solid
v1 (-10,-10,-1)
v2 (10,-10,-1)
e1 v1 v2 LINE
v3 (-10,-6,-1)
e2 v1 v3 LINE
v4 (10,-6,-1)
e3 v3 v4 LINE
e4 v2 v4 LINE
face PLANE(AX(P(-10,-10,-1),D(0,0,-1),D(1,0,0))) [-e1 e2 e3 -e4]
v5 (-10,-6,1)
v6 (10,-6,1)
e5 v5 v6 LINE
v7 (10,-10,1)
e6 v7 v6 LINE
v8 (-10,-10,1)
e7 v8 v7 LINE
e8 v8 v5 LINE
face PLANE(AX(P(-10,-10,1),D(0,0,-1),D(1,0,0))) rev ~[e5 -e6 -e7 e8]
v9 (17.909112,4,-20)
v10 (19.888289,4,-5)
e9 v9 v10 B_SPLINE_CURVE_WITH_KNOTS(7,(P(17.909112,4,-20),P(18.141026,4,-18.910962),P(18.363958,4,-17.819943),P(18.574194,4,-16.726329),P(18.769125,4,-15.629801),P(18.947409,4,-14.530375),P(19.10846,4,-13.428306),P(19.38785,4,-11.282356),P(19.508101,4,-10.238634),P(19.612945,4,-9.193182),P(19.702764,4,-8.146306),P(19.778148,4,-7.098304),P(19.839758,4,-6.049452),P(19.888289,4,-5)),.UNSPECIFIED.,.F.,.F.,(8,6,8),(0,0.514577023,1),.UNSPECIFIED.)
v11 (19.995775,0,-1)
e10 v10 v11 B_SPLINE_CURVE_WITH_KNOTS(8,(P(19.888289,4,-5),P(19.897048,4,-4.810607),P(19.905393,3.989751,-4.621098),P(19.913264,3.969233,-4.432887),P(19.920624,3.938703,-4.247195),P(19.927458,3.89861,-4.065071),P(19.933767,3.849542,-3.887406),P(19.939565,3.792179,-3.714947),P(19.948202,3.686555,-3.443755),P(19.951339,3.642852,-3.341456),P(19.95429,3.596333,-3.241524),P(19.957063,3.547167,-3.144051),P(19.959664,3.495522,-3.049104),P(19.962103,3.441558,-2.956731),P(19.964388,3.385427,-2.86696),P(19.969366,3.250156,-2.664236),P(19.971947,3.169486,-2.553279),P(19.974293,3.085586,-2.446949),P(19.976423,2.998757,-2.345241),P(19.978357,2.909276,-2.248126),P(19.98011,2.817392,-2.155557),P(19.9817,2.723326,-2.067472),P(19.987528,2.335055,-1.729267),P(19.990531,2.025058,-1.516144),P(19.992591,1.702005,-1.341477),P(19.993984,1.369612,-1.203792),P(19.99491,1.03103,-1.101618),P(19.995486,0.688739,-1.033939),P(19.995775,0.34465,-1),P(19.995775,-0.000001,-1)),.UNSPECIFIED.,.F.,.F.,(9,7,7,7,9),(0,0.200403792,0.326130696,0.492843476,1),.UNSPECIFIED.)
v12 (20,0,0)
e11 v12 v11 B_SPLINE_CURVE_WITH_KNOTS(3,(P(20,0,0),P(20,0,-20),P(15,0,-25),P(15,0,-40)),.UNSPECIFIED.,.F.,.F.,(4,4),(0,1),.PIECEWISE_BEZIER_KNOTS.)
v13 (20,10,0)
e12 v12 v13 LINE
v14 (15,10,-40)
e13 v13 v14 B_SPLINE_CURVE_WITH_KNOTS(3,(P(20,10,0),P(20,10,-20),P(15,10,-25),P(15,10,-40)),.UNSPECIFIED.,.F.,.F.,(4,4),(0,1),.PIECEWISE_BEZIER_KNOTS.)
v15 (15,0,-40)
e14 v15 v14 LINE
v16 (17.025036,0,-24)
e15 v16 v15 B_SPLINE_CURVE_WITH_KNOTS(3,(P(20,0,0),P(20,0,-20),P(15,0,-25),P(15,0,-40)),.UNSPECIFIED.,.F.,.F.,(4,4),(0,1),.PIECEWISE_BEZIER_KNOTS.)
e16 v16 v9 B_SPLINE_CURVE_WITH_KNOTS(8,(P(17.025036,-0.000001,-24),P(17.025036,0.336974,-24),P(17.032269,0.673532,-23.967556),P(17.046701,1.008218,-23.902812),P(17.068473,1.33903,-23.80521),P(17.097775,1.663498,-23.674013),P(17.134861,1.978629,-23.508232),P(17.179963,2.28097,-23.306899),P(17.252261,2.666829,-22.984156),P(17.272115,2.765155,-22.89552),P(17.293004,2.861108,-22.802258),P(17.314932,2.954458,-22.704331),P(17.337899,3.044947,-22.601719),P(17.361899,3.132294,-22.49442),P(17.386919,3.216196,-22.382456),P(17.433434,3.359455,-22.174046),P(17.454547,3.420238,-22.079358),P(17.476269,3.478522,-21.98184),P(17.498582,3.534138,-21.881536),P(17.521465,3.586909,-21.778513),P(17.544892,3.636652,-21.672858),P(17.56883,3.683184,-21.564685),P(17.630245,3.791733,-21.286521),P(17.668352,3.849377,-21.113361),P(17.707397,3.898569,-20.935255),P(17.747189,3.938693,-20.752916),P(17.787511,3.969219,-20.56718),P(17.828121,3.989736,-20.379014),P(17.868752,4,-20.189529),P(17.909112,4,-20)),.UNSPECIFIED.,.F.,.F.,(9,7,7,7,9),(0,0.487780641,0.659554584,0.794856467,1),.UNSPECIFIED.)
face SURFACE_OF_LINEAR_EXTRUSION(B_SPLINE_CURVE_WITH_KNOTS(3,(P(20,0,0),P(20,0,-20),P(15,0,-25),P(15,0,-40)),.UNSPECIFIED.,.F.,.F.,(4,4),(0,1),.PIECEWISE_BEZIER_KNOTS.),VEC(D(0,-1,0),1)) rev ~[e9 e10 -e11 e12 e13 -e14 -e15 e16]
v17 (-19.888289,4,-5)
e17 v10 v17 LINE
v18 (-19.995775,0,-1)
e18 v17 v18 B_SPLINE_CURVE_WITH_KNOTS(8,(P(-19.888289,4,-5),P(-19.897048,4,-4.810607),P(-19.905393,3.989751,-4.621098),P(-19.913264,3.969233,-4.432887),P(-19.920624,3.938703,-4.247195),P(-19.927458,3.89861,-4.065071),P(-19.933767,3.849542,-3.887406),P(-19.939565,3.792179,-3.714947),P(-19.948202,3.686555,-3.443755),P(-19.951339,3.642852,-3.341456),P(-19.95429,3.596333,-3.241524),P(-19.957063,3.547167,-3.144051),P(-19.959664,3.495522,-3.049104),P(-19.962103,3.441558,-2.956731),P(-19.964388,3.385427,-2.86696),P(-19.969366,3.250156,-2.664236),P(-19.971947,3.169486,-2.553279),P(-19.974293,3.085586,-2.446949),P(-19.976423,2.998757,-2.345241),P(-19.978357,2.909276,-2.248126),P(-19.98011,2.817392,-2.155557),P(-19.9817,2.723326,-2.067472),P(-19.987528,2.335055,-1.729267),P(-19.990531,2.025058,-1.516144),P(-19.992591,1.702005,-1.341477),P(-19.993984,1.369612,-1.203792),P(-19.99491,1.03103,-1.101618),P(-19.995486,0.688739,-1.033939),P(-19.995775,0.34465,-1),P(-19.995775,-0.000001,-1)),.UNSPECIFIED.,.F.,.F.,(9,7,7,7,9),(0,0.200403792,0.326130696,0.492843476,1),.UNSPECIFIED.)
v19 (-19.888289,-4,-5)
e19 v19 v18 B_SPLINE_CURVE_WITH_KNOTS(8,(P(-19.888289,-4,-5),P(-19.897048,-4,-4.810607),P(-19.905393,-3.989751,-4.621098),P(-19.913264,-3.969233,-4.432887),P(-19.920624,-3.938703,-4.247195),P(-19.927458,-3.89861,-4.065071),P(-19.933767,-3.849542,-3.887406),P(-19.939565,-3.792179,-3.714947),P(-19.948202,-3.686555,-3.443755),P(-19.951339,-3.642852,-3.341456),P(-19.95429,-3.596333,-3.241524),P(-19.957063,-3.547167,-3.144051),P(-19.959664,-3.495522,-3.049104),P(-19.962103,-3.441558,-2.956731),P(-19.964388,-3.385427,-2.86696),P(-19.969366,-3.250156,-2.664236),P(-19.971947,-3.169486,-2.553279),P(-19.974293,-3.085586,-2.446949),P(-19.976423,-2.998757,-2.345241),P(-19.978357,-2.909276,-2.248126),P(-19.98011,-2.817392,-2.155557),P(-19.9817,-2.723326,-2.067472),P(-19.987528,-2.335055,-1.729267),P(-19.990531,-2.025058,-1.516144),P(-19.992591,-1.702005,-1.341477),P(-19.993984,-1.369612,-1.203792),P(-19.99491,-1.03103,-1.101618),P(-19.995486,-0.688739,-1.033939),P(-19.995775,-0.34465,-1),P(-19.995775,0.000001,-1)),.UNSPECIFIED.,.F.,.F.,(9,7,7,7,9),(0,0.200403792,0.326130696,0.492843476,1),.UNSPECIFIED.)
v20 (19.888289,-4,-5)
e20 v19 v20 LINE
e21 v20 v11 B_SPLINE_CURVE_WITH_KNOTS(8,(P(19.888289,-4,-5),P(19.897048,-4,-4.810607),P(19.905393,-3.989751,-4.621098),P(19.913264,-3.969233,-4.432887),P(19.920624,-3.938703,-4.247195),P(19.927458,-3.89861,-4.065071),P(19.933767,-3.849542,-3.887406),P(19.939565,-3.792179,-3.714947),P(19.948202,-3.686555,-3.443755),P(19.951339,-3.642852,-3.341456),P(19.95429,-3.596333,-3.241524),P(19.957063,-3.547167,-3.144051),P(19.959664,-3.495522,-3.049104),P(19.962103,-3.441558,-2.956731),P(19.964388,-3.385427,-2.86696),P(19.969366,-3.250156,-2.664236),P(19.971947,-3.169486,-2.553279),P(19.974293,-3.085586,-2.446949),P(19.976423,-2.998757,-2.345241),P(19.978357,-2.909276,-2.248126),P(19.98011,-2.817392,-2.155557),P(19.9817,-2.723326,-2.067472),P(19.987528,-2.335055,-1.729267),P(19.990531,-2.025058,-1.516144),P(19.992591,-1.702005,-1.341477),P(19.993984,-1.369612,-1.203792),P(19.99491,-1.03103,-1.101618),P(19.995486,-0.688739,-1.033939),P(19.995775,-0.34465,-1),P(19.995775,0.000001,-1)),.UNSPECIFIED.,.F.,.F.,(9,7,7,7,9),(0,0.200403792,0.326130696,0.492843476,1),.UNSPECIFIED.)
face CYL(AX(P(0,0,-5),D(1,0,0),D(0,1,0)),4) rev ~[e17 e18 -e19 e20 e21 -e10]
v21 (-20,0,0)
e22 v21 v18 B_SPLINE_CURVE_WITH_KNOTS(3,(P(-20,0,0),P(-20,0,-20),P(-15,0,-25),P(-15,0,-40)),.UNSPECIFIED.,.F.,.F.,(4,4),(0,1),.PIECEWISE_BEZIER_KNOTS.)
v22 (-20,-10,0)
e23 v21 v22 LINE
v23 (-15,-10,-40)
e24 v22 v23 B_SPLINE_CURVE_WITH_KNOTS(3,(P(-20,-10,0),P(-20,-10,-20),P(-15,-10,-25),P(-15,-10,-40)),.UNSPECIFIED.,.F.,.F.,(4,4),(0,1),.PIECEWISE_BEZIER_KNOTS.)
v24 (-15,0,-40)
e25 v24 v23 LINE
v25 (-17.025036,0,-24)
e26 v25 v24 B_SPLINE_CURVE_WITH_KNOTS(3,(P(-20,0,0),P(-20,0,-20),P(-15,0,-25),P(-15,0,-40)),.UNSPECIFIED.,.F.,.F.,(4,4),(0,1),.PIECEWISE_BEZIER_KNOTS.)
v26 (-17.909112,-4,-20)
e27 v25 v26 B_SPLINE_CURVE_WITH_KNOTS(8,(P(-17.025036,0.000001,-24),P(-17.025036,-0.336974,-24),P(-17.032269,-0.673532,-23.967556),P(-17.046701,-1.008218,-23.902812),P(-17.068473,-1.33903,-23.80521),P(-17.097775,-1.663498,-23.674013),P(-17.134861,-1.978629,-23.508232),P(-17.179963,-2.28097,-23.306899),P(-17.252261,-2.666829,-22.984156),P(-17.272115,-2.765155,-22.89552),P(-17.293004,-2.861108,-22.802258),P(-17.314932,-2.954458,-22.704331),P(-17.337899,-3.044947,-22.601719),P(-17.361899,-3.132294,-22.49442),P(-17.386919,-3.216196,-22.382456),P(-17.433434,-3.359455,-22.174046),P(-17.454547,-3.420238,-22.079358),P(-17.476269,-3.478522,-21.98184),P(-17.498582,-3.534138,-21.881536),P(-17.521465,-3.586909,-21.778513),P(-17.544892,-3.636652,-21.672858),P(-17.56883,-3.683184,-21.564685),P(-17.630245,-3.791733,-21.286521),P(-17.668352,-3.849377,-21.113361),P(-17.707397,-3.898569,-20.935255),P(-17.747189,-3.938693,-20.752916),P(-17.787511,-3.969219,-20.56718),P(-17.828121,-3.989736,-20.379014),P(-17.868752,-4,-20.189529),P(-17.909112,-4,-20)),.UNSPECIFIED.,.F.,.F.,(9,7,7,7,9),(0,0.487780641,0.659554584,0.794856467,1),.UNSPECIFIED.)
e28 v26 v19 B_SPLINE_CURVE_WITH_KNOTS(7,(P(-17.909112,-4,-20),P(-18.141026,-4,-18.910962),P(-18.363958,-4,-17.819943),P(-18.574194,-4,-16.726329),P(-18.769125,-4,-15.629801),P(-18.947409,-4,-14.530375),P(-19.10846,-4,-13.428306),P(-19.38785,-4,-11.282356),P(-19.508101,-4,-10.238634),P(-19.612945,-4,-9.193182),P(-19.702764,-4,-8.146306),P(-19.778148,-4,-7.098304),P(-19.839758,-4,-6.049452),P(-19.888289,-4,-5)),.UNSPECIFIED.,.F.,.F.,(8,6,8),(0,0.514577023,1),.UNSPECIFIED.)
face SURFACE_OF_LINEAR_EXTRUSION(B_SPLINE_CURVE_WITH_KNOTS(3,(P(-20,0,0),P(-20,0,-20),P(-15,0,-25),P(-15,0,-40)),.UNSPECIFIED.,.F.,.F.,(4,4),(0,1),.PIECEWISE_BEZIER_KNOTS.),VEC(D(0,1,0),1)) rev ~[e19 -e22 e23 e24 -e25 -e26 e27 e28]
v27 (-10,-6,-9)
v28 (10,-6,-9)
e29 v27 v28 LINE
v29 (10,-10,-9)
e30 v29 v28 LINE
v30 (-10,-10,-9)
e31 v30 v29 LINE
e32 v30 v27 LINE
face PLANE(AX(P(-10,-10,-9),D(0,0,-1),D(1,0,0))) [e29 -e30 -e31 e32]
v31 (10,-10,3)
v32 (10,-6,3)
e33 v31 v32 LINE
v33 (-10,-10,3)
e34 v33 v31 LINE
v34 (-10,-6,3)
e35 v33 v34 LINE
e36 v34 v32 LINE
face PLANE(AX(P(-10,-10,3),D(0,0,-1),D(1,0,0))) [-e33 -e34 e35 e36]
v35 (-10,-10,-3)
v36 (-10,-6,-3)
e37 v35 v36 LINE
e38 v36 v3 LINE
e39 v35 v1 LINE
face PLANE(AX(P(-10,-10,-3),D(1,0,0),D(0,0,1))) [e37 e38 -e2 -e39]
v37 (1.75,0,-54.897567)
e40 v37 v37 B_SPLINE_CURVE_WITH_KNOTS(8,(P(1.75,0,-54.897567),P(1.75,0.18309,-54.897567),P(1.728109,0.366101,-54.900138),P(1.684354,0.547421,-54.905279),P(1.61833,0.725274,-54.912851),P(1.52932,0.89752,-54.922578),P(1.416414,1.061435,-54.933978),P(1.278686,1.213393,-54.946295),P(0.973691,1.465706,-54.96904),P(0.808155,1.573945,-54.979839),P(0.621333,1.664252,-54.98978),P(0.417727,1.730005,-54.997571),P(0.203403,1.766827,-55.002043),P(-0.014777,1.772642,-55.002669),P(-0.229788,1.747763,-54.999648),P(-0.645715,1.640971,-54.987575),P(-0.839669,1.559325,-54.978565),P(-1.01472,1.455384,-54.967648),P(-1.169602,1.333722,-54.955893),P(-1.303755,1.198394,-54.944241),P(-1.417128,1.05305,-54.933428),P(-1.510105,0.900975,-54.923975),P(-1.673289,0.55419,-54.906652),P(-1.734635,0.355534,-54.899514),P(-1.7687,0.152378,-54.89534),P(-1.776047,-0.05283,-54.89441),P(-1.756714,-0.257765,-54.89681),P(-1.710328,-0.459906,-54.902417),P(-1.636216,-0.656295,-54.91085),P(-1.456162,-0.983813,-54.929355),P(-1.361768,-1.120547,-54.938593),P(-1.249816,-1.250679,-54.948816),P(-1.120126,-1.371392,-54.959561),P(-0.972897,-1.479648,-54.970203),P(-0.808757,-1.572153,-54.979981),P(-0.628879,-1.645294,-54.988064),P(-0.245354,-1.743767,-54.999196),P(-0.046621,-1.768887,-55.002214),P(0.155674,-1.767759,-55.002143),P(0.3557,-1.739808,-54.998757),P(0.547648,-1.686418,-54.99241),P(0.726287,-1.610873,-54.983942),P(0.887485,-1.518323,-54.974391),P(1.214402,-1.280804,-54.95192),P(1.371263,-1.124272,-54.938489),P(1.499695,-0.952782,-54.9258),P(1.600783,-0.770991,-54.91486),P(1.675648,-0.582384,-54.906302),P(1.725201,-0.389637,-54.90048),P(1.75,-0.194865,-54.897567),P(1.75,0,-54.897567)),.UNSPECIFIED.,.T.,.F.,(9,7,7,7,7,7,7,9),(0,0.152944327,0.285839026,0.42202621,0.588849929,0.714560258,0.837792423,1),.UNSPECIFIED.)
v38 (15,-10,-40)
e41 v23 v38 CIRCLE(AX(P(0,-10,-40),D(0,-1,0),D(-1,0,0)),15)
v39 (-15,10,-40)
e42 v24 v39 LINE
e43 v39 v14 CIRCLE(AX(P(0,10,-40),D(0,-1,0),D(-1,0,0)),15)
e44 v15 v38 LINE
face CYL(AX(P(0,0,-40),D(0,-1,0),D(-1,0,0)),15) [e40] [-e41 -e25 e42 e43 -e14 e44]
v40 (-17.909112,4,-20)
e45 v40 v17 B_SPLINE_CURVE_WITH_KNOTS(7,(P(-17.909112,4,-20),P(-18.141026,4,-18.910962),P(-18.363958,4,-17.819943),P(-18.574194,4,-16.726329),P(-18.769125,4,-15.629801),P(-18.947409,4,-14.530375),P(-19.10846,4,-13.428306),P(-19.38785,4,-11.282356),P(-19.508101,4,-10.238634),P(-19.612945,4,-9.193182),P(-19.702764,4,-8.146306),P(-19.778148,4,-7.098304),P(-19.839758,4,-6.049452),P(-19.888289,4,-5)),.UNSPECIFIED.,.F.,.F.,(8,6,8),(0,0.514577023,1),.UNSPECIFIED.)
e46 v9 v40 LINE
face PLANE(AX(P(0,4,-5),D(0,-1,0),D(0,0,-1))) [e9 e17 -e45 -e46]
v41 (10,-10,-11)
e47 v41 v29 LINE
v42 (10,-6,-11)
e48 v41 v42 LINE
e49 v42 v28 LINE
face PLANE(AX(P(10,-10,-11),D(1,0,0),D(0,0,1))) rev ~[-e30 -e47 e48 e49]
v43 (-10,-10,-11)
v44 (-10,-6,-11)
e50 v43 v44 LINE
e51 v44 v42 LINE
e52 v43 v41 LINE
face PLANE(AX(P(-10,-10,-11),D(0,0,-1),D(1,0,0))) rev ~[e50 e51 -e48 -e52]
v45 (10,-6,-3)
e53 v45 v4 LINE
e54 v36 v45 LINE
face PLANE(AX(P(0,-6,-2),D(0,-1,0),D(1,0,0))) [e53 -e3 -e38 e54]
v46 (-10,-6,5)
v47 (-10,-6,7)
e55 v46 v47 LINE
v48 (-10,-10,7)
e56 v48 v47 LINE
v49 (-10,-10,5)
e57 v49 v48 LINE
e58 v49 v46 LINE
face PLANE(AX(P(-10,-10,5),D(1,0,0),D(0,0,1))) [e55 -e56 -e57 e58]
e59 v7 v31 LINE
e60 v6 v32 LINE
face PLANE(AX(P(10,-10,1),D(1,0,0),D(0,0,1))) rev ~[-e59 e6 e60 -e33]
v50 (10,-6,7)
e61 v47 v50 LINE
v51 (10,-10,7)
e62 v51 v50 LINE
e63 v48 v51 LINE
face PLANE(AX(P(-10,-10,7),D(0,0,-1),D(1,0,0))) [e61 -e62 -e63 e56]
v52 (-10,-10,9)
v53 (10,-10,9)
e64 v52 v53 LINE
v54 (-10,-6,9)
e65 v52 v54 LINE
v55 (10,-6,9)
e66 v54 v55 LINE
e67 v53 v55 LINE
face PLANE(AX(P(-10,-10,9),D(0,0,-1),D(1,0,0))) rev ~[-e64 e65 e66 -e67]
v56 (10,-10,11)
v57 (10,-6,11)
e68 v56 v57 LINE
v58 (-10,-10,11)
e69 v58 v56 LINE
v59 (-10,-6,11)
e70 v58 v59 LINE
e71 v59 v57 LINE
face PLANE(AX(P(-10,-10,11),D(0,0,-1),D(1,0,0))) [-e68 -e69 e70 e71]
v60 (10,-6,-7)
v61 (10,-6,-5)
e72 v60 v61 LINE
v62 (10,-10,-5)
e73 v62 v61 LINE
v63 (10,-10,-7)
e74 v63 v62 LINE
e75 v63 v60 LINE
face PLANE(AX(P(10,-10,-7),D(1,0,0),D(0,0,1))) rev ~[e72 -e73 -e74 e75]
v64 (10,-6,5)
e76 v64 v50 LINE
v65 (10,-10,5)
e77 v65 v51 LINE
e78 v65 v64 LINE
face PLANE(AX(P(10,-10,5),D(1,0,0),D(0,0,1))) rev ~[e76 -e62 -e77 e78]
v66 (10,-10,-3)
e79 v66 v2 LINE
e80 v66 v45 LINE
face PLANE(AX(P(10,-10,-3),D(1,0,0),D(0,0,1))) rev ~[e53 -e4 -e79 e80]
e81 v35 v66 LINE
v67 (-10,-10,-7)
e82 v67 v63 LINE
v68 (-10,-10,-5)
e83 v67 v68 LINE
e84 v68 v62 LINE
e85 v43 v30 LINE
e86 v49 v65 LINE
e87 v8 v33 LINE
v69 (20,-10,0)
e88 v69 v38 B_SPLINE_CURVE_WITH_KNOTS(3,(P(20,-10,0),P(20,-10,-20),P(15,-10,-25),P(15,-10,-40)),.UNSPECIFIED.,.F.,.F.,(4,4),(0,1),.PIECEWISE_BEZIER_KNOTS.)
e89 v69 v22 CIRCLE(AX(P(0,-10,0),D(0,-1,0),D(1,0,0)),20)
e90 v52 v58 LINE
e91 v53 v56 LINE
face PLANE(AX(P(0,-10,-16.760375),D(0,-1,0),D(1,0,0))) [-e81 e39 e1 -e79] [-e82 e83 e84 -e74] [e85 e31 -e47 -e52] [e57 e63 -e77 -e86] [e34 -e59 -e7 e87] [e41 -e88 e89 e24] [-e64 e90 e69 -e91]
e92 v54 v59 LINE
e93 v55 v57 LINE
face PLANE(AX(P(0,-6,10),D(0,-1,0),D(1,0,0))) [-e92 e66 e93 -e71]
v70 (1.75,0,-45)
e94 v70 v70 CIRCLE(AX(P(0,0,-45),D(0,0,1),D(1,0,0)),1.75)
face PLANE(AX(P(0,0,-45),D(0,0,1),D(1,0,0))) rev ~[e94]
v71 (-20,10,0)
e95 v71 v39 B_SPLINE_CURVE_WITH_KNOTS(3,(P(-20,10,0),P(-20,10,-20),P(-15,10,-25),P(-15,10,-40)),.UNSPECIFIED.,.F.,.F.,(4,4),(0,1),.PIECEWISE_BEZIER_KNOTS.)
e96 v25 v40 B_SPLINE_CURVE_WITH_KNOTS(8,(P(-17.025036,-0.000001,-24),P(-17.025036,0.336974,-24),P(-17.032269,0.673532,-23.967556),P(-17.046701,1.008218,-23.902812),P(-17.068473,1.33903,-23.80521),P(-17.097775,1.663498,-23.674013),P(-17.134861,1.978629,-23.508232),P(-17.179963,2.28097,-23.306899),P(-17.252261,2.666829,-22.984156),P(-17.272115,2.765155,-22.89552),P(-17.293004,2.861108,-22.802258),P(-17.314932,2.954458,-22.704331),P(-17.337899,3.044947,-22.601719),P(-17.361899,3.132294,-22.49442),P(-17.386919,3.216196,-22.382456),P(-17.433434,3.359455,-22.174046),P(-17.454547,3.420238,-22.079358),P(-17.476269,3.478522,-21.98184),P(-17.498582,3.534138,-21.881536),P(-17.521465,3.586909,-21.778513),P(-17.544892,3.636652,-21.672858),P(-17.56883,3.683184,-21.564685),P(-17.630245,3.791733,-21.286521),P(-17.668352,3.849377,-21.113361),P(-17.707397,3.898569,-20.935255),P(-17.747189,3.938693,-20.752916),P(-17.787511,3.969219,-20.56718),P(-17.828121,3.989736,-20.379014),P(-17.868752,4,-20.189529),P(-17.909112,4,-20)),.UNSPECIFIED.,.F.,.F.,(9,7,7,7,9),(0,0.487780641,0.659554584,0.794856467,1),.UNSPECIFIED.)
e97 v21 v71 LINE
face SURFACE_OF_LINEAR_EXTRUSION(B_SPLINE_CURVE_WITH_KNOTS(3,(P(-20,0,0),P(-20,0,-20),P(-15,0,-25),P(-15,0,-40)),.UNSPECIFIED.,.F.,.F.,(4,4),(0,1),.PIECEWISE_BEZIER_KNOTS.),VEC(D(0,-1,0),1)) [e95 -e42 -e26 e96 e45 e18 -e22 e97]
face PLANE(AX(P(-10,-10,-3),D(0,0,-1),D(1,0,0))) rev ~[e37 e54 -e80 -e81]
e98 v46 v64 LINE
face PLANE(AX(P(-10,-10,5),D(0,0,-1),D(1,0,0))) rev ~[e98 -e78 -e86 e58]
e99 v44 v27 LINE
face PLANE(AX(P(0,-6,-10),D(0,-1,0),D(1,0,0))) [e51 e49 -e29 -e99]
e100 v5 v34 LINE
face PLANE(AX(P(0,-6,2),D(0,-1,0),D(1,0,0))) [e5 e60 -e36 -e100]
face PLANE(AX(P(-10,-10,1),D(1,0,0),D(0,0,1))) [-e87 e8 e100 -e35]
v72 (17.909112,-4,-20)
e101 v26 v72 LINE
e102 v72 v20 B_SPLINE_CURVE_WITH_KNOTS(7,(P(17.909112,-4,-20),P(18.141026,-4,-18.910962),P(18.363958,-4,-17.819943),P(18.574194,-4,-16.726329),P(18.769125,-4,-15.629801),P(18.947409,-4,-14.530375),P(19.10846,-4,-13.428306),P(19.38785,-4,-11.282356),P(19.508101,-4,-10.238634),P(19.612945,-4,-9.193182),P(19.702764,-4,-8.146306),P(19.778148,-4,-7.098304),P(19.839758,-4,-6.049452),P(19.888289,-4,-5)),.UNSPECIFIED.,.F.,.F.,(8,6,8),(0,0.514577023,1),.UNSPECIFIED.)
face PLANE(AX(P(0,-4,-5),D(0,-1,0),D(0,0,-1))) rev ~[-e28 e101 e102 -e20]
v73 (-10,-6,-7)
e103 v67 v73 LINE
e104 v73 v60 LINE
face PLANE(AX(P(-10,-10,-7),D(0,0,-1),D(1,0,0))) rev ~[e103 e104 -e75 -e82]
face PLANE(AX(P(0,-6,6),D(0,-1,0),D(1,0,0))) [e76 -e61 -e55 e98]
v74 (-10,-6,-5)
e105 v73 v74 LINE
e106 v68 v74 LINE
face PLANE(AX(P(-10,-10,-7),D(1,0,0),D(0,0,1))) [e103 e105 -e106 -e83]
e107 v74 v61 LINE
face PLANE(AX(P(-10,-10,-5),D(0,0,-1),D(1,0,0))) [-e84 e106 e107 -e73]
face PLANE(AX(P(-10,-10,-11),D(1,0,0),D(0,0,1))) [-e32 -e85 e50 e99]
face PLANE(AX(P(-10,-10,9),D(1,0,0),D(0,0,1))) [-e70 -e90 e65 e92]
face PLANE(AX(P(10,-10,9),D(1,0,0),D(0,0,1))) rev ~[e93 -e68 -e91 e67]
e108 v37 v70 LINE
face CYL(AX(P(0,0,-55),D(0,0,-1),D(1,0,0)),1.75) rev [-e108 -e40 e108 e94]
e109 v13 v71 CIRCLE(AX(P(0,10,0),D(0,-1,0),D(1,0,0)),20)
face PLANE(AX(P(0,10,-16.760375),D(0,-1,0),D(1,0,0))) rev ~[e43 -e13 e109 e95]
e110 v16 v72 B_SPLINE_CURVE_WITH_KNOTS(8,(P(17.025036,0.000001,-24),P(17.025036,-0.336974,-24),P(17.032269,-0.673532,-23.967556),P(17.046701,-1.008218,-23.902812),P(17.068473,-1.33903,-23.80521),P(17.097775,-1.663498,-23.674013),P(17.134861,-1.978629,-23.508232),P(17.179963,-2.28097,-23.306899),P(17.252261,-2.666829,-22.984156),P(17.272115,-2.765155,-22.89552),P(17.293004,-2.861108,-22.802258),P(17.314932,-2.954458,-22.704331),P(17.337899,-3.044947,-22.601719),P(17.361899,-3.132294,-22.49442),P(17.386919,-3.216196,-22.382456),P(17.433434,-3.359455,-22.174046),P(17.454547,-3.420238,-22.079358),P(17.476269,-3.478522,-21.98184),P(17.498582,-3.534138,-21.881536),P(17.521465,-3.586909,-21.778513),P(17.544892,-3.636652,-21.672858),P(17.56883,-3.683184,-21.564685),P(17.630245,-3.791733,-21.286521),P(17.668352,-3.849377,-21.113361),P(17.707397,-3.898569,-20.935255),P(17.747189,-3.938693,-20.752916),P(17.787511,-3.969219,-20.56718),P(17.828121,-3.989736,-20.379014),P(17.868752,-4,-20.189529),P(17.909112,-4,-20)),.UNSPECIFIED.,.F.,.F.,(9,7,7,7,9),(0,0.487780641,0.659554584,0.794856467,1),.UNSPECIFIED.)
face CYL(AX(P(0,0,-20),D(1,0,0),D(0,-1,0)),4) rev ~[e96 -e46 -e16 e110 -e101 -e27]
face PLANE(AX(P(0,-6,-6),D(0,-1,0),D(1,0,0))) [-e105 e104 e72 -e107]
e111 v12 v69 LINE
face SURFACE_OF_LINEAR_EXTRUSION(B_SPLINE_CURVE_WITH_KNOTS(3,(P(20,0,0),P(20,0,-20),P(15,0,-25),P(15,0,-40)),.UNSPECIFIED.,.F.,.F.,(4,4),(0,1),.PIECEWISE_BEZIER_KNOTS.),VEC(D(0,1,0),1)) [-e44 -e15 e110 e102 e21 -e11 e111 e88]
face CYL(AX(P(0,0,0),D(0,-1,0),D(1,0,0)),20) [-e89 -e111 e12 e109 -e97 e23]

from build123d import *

# Parameters (mm, degrees)
PAD_DEPTH           = 10
SKETCH001_W         = 20
SKETCH001_H         = 2
POCKET_DEPTH        = 4
LINEARPATTERN_COUNT = 6
LINEARPATTERN_PITCH = 4
POCKET001_DEPTH     = 50
SKETCH003_R         = 1.75
POCKET002_DEPTH     = 10


with BuildPart() as part:
    # Sketch → Pad (new body, symmetric)
    with BuildSketch(Plane.XZ):
        with BuildLine():
            ThreePointArc((20, 0), (0, 20), (-20, 0))
            add(Edge.make_bspline(
                [(-20, 0), (-20, -20), (-15, -25), (-15, -40)],
                knots=[0, 0, 0, 0, 1, 1, 1, 1], degree=3))
            ThreePointArc((-15, -40), (0, -55), (15, -40))
            add(Edge.make_bspline(
                [(20, 0), (20, -20), (15, -25), (15, -40)],
                knots=[0, 0, 0, 0, 1, 1, 1, 1], degree=3))
        make_face()
    extrude(amount=PAD_DEPTH, both=True)

    # Sketch001 (on Face6 of Pad) → Pocket (cut)
    with BuildSketch(Plane.XZ.offset(10)):
        with Locations((0, 10)):
            Rectangle(SKETCH001_W, SKETCH001_H)
    pocket = extrude(amount=-POCKET_DEPTH, mode=Mode.SUBTRACT)

    # LinearPattern: Pocket ×6
    with Locations(*[(0, 0, -i * LINEARPATTERN_PITCH) for i in range(1, LINEARPATTERN_COUNT)]):
        add(pocket, mode=Mode.SUBTRACT)

    # Sketch002 → Pocket001 (cut, symmetric)
    with BuildSketch(Plane.YZ):
        with BuildLine():
            ThreePointArc((4, -5), (0, -1), (-4, -5))
            Line((-4, -5), (-4, -20))
            ThreePointArc((-4, -20), (0, -24), (4, -20))
            Line((4, -5), (4, -20))
        make_face()
    extrude(amount=POCKET001_DEPTH, both=True, mode=Mode.SUBTRACT)

    # Sketch003 → Pocket002 (cut)
    with BuildSketch(Plane.XY.offset(-55)):
        Circle(SKETCH003_R)
    extrude(amount=POCKET002_DEPTH, mode=Mode.SUBTRACT)


solid = part.part
